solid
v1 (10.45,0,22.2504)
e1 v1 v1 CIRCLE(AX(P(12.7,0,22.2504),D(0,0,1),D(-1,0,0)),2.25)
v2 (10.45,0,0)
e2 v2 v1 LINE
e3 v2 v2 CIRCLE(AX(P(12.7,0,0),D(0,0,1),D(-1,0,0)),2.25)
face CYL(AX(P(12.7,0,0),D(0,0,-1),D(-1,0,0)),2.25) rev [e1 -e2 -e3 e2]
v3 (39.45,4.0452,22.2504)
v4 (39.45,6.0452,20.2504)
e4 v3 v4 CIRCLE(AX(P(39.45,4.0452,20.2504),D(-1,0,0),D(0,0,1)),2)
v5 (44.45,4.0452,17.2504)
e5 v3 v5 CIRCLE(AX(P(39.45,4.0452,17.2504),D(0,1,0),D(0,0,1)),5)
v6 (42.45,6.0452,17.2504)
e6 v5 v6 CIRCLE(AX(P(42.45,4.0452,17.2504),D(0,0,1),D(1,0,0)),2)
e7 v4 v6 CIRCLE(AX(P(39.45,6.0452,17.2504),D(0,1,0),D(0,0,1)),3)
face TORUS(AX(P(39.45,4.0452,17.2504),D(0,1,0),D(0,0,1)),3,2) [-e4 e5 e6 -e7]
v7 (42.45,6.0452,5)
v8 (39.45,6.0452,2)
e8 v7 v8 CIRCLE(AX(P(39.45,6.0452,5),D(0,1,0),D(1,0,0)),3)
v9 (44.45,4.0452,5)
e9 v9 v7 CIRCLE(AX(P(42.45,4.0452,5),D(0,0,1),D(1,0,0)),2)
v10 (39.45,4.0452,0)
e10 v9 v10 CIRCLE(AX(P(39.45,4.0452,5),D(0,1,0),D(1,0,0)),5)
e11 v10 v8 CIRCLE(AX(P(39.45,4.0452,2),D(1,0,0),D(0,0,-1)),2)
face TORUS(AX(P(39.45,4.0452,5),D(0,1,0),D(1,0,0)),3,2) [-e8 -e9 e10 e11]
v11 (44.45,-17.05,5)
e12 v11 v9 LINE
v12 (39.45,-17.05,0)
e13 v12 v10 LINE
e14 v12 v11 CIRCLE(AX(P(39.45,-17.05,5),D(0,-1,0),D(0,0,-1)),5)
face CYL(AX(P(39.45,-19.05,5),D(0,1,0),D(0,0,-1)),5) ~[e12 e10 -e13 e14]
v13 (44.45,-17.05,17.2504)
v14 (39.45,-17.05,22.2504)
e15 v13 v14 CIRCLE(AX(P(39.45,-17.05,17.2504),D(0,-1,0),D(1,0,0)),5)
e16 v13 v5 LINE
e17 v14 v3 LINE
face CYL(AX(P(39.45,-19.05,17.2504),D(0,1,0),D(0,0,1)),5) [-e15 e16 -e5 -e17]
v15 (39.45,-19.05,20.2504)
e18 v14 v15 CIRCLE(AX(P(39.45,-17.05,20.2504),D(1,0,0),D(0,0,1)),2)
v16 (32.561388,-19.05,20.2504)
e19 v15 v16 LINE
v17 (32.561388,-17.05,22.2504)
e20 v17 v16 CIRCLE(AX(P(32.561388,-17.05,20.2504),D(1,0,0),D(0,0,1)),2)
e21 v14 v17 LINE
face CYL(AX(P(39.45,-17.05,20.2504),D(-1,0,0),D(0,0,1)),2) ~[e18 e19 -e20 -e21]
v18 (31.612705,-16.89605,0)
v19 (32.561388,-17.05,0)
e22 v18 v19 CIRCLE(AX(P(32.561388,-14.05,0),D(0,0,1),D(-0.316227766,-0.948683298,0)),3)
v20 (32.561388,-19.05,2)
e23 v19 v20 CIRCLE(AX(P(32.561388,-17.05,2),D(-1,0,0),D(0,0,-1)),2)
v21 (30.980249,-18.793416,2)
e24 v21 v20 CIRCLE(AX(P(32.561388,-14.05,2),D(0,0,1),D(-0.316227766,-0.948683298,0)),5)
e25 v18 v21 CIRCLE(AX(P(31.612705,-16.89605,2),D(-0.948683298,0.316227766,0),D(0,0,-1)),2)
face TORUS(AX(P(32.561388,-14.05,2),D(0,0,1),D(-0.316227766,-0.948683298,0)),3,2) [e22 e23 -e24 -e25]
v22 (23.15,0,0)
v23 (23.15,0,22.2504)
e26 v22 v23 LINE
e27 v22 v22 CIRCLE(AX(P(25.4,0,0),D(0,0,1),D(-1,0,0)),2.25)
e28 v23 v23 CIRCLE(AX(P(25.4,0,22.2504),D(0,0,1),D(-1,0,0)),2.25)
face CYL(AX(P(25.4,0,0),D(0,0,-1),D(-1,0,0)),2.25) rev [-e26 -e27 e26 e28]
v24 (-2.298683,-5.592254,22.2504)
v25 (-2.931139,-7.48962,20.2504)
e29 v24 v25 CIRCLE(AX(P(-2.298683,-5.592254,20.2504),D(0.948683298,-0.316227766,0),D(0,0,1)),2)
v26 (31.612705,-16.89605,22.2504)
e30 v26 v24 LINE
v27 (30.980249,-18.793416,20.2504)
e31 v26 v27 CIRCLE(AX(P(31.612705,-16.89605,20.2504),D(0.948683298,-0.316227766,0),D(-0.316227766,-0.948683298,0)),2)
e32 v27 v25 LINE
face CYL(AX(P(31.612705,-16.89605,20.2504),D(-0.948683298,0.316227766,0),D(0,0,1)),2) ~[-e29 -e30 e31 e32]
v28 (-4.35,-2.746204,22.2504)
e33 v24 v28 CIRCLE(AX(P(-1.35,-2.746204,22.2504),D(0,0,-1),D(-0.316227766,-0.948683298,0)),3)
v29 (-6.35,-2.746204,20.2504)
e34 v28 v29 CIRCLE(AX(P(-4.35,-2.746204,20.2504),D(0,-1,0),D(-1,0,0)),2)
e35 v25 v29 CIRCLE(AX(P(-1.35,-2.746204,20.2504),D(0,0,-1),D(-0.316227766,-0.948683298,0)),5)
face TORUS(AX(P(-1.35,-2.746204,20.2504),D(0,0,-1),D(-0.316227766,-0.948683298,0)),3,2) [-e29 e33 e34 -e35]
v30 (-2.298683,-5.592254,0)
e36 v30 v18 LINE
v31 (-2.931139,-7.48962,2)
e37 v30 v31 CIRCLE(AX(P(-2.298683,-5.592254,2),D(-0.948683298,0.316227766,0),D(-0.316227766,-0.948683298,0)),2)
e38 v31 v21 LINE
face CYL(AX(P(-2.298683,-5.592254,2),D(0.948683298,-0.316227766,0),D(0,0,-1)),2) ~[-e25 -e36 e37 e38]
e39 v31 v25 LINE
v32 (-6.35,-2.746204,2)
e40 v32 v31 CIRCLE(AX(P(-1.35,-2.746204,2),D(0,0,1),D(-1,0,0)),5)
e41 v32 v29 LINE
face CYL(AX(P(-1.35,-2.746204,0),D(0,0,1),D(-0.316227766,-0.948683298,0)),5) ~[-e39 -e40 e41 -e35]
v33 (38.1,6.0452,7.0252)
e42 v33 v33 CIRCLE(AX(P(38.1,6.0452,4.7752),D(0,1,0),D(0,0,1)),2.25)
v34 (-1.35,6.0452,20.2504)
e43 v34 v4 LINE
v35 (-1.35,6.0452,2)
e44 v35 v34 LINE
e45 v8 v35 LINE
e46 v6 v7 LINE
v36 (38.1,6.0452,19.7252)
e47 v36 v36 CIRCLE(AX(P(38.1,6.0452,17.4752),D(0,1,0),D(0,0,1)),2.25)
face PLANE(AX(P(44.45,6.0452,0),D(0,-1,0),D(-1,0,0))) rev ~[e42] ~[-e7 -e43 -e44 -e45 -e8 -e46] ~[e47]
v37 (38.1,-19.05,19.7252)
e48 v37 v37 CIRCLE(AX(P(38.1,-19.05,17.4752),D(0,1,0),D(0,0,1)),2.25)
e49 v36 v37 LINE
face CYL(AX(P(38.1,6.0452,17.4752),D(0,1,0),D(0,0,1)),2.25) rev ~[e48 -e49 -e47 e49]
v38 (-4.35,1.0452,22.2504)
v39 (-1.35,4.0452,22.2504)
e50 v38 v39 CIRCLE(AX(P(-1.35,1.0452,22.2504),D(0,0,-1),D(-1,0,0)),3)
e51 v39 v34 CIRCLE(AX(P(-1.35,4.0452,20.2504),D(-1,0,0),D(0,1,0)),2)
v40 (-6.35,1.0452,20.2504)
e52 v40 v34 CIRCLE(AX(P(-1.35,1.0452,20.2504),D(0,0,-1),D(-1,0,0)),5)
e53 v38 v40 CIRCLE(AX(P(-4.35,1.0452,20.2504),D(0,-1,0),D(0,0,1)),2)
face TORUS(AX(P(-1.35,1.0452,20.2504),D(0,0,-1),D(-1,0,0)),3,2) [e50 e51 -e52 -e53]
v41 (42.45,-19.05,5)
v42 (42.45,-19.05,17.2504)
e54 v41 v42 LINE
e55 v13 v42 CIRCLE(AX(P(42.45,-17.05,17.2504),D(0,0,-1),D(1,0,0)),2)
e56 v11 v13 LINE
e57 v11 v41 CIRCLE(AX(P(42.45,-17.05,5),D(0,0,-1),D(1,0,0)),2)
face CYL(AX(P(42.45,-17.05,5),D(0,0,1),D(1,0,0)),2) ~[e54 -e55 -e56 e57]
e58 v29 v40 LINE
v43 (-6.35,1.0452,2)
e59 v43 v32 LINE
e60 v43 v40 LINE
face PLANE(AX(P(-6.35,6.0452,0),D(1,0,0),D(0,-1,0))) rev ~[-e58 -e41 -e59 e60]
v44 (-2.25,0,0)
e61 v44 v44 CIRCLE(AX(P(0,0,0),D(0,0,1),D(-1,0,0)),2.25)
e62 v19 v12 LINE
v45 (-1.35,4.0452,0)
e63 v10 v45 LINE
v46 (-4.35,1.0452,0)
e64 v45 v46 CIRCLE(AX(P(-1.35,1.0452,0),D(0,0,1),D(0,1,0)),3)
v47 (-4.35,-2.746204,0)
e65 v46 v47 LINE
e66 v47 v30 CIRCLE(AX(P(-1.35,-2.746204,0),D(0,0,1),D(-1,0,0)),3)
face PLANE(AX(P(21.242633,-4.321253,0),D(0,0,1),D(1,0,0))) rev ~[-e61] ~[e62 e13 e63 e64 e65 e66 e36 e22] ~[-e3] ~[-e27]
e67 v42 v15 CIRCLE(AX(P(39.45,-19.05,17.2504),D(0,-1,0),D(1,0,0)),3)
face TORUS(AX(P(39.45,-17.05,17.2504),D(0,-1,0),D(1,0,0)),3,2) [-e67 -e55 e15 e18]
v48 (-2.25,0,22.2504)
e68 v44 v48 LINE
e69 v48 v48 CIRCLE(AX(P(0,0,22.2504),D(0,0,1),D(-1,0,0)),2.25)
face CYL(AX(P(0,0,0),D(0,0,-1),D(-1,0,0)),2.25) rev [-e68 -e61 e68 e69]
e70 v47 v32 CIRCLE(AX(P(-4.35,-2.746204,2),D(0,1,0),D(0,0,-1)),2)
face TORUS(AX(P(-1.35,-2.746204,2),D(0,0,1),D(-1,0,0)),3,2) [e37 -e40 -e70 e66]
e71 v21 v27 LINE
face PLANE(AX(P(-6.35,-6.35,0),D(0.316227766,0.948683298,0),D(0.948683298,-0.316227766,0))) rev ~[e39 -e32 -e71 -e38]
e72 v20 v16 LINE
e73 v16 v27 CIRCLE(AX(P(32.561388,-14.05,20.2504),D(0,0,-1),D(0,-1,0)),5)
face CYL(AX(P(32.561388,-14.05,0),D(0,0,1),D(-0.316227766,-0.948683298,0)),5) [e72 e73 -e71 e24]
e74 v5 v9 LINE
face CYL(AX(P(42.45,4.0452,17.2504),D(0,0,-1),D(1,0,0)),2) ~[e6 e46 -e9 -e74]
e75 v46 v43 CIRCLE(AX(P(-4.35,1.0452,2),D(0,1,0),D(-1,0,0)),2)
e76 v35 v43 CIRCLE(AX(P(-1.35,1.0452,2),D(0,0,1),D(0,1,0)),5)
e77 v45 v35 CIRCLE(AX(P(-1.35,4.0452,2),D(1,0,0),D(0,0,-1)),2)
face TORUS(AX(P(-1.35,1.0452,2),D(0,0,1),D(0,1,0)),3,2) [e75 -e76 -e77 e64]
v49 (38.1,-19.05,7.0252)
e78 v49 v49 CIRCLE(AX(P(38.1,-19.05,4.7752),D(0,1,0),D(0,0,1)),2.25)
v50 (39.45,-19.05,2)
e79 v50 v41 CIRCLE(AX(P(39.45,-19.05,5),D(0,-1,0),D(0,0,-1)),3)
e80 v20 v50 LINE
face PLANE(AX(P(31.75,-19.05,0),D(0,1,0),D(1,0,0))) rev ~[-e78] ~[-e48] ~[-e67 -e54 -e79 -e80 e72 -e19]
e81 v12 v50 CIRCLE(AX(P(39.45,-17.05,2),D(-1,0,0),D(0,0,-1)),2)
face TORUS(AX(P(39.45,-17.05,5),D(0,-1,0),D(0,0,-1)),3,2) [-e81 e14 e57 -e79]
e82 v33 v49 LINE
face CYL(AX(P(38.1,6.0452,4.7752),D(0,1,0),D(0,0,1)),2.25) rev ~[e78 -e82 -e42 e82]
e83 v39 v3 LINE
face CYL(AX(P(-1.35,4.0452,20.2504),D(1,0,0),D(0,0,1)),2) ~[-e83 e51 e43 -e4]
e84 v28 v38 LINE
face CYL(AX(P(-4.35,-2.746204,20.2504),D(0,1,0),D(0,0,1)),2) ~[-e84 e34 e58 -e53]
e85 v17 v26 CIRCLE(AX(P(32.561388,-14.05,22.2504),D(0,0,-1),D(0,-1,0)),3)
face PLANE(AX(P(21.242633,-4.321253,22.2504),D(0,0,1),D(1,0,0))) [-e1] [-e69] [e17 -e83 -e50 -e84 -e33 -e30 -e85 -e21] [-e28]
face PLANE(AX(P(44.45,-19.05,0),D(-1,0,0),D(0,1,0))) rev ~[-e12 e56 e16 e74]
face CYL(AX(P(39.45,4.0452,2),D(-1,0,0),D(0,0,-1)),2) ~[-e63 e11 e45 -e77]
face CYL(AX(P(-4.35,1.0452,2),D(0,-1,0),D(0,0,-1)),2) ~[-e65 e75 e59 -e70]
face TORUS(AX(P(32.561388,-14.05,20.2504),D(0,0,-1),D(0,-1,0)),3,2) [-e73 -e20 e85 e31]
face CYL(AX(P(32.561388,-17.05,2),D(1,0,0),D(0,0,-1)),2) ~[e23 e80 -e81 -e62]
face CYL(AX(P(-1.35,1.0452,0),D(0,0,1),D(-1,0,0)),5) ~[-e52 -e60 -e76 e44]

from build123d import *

# Parameters (mm, degrees)
SKETCH1_R           = 2.25
BOSS_EXTRUDE1_DEPTH = 22.2504
CUT_EXTRUDE1_REACH  = 57.683
SKETCH2_R           = 2.25
FILLET1_R           = 5
FILLET2_R           = 2


with BuildPart() as part:
    # Sketch1 → Boss-Extrude1 (new body)
    with BuildSketch(Plane.XY):
        Polygon((-6.35, -6.35), (31.75, -19.05), (44.45, -19.05), (44.45, 6.0452), (-6.35, 6.0452), align=None)
        with Locations(Location((0, 0, 0), (0, 0, 180))):
            Circle(SKETCH1_R, mode=Mode.SUBTRACT)
        with Locations(Location((12.7, 0, 0), (0, 0, 180))):
            Circle(SKETCH1_R, mode=Mode.SUBTRACT)
        with Locations(Location((25.4, 0, 0), (0, 0, 180))):
            Circle(SKETCH1_R, mode=Mode.SUBTRACT)
    extrude(amount=BOSS_EXTRUDE1_DEPTH)

    # Sketch2 → Cut-Extrude1 (cut, up to next)
    with BuildSketch(Plane(origin=(0, 6.0452, 0), x_dir=(1, 0, 0), z_dir=(0, 1, 0)), mode=Mode.PRIVATE) as cut_extrude1_sk1:
        with Locations(Location((38.1, -17.4752, 0), (0, 0, 270))):
            Circle(SKETCH2_R)
    cut_extrude1_tool1 = extrude(cut_extrude1_sk1.sketch, amount=-CUT_EXTRUDE1_REACH, mode=Mode.PRIVATE) & part.part
    # Sketch2 → Cut-Extrude1 (cut, up to next)
    with BuildSketch(Plane(origin=(0, 6.0452, 0), x_dir=(1, 0, 0), z_dir=(0, 1, 0)), mode=Mode.PRIVATE) as cut_extrude1_sk2:
        with Locations(Location((38.1, -4.7752, 0), (0, 0, 270))):
            Circle(SKETCH2_R)
    cut_extrude1_tool2 = extrude(cut_extrude1_sk2.sketch, amount=-CUT_EXTRUDE1_REACH, mode=Mode.PRIVATE) & part.part
    add(cut_extrude1_tool1.solids().sort_by_distance((38.1, 6.0452, 17.4752))[0], mode=Mode.SUBTRACT)
    add(cut_extrude1_tool2.solids().sort_by_distance((38.1, 6.0452, 4.7752))[0], mode=Mode.SUBTRACT)

    # Fillet1
    fillet1_edges = [part.edges().sort_by_distance(p)[0] for p in [
        (44.45, -6.5024, 0),
        (44.45, -6.5024, 22.2504),
        (31.75, -19.05, 11.1252),
        (-6.35, -6.35, 11.1252),
        (-6.35, 6.0452, 11.1252),
    ]]
    fillet(fillet1_edges, radius=FILLET1_R)

    # Fillet2
    fillet2_edges = [part.edges().sort_by_distance(p)[0] for p in [
        (36.00569415, -19.05, 0),
        (44.45, -19.05, 11.1252),
        (36.00569415, -19.05, 22.2504),
        (42.985533906, -19.05, 20.785933906),
        (42.985533906, -19.05, 1.464466094),
        (14.02455532, -13.14151844, 0),
        (-6.35, -0.85050195, 0),
        (19.05, 6.0452, 0),
        (-4.885533906, 4.580733906, 0),
        (-5.406210926, -5.669755323, 0),
        (31.760477086, -18.985437288, 0),
        (14.02455532, -13.14151844, 22.2504),
        (19.05, 6.0452, 22.2504),
        (-6.35, -0.85050195, 22.2504),
        (-4.885533906, 4.580733906, 22.2504),
        (-5.406210926, -5.669755323, 22.2504),
        (31.760477086, -18.985437288, 22.2504),
        (44.45, 6.0452, 11.1252),
        (42.985533906, 6.0452, 20.785933906),
        (42.985533906, 6.0452, 1.464466094),
    ]]
    fillet(fillet2_edges, radius=FILLET2_R)


solid = part.part
